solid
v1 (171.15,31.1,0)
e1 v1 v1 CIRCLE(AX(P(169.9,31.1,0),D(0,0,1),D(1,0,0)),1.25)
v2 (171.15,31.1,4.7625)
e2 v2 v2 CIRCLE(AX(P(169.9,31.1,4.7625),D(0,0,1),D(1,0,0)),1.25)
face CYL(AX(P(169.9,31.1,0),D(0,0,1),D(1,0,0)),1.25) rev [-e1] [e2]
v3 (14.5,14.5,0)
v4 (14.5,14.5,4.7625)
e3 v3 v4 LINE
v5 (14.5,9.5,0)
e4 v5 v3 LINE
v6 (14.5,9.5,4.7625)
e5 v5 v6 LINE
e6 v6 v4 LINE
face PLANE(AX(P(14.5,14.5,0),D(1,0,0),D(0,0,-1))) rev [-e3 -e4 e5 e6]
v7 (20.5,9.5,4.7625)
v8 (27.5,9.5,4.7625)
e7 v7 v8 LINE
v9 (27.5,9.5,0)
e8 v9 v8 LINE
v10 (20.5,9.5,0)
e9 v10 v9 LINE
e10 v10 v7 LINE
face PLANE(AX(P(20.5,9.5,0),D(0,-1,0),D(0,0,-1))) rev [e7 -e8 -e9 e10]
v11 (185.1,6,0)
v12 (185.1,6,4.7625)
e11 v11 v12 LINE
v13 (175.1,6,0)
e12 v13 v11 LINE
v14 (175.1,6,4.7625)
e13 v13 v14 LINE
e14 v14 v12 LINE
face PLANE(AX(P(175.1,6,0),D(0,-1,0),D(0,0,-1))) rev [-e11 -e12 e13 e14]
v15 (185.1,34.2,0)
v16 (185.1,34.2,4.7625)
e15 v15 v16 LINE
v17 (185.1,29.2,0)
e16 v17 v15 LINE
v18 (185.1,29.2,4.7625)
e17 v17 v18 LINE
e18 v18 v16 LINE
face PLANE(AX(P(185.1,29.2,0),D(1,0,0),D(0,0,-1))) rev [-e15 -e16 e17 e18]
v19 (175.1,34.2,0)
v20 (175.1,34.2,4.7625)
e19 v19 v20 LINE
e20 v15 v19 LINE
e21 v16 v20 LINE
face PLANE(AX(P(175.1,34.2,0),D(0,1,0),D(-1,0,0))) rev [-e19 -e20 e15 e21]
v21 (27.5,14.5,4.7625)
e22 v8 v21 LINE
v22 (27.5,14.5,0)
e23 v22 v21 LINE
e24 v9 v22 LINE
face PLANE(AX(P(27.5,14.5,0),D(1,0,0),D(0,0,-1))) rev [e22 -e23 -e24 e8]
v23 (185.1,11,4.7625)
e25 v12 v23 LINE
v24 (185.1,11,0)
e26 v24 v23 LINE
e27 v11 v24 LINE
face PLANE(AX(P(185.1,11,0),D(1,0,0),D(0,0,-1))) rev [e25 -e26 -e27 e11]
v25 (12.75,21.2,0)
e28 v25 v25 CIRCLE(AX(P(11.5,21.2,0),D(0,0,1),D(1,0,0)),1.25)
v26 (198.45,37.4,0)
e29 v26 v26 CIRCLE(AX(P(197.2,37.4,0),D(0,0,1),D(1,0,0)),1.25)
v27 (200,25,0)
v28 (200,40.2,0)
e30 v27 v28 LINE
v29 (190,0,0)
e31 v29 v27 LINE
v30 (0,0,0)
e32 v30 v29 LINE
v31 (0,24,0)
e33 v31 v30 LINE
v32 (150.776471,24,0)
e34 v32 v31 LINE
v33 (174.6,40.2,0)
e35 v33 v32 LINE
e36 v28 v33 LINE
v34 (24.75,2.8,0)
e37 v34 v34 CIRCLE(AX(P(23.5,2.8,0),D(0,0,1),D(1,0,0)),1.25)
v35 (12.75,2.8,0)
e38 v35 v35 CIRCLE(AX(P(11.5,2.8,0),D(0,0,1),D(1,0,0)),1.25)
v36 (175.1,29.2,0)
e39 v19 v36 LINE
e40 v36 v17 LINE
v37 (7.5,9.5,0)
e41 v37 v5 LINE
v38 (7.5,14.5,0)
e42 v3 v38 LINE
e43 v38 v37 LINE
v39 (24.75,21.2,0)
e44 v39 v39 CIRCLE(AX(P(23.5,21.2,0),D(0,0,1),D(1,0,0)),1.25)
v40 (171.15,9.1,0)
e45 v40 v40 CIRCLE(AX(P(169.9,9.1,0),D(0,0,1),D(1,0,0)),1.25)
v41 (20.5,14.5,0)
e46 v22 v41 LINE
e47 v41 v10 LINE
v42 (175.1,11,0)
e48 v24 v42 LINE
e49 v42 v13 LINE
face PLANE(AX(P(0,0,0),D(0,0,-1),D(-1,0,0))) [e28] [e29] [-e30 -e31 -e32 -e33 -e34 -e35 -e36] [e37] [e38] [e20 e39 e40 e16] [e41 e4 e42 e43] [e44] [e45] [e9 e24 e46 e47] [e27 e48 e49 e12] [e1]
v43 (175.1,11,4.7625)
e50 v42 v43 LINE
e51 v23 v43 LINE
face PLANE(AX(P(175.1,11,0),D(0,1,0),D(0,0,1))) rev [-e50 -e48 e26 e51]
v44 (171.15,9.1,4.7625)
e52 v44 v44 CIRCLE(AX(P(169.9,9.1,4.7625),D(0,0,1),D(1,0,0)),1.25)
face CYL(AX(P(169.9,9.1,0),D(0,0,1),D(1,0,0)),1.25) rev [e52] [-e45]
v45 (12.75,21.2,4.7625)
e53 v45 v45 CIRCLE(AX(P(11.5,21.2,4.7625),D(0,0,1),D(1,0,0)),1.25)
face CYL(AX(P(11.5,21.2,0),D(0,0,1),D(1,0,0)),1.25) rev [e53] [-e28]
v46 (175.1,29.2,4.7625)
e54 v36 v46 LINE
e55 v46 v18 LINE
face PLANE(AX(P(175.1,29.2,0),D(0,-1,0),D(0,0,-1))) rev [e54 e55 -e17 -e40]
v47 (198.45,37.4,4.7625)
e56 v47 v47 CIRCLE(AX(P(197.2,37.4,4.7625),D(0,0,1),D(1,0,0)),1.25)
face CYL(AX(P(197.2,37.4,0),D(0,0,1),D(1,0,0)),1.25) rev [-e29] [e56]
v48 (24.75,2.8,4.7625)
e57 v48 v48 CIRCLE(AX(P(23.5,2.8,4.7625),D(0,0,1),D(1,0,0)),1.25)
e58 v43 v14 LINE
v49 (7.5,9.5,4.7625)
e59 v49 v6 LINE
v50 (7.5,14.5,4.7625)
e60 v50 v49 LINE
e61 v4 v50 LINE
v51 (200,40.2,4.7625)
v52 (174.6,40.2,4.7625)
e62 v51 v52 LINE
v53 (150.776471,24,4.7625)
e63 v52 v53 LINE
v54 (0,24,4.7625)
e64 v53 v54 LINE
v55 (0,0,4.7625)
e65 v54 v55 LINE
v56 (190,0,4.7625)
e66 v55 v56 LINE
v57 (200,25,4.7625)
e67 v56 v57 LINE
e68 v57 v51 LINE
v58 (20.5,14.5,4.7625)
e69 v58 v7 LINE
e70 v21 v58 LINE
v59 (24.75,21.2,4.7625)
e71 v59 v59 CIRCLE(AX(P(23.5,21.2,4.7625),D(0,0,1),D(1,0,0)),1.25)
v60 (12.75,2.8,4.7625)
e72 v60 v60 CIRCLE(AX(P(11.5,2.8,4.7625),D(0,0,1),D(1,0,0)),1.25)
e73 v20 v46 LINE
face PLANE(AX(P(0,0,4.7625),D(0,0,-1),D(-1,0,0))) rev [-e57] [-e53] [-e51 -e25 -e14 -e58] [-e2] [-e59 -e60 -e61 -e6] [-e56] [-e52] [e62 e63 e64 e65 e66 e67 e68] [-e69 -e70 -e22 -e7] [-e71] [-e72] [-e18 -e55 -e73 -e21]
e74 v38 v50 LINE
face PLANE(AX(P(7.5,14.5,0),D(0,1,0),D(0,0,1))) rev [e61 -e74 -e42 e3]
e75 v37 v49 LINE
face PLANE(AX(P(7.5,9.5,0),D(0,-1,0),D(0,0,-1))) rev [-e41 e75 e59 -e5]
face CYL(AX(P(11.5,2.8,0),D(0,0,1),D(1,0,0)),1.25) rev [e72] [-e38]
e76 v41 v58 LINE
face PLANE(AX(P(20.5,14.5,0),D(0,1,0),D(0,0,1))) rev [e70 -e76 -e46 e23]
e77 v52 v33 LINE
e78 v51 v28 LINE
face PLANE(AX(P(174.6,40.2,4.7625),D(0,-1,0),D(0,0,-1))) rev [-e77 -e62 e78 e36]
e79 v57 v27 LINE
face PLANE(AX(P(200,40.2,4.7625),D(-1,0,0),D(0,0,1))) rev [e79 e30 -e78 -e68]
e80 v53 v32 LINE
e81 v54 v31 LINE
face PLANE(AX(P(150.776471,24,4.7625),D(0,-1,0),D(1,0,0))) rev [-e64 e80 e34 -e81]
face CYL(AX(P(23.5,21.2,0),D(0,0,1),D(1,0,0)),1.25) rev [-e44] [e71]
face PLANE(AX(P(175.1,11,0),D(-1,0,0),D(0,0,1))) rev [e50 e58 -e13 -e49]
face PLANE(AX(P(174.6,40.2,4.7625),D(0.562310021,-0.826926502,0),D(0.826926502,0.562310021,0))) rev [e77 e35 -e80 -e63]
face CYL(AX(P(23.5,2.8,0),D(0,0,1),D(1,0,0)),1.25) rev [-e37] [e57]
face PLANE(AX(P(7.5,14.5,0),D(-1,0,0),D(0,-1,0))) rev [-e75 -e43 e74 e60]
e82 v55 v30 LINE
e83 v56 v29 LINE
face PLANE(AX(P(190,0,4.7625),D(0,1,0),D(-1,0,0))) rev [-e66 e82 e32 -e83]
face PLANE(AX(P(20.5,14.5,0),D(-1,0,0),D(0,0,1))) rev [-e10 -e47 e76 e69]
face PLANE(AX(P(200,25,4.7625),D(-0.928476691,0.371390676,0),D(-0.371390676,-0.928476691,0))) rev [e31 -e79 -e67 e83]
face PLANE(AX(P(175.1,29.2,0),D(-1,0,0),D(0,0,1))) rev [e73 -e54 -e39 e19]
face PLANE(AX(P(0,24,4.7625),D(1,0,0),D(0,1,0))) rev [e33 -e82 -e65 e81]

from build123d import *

# Parameters (mm, degrees)
BOSS_EXTRUDE1_DEPTH = 4.7625
SKETCH2_R           = 1.25
SKETCH2_W           = 10
SKETCH2_H           = 5
SKETCH2_W_2         = 7
CUT_EXTRUDE1_DEPTH  = 5.7625


with BuildPart() as part:
    # Sketch1 → Boss-Extrude1 (new body)
    with BuildSketch(Plane.XY):
        Polygon((174.6, 40.2), (150.776470588, 24), (0, 24), (0, 0), (190, 0), (200, 25), (200, 40.2), align=None)
    extrude(amount=BOSS_EXTRUDE1_DEPTH)

    # Sketch2 → Cut-Extrude1 (cut, through all)
    with BuildSketch(Plane.XY.offset(4.7625)):
        with Locations((169.9, 31.1)):
            Circle(SKETCH2_R)
        with Locations((197.2, 37.4)):
            Circle(SKETCH2_R)
        with Locations((169.9, 9.1)):
            Circle(SKETCH2_R)
        with Locations((23.5, 21.2)):
            Circle(SKETCH2_R)
        with Locations((11.5, 21.2)):
            Circle(SKETCH2_R)
        with Locations((11.5, 2.8)):
            Circle(SKETCH2_R)
        with Locations((23.5, 2.8)):
            Circle(SKETCH2_R)
        with Locations((180.1, 31.7)):
            Rectangle(SKETCH2_W, SKETCH2_H)
        with Locations((180.1, 8.5)):
            Rectangle(SKETCH2_W, SKETCH2_H)
        with Locations((11, 12)):
            Rectangle(SKETCH2_W_2, SKETCH2_H)
        with Locations((24, 12)):
            Rectangle(SKETCH2_W_2, SKETCH2_H)
    extrude(amount=-CUT_EXTRUDE1_DEPTH, mode=Mode.SUBTRACT)


solid = part.part
